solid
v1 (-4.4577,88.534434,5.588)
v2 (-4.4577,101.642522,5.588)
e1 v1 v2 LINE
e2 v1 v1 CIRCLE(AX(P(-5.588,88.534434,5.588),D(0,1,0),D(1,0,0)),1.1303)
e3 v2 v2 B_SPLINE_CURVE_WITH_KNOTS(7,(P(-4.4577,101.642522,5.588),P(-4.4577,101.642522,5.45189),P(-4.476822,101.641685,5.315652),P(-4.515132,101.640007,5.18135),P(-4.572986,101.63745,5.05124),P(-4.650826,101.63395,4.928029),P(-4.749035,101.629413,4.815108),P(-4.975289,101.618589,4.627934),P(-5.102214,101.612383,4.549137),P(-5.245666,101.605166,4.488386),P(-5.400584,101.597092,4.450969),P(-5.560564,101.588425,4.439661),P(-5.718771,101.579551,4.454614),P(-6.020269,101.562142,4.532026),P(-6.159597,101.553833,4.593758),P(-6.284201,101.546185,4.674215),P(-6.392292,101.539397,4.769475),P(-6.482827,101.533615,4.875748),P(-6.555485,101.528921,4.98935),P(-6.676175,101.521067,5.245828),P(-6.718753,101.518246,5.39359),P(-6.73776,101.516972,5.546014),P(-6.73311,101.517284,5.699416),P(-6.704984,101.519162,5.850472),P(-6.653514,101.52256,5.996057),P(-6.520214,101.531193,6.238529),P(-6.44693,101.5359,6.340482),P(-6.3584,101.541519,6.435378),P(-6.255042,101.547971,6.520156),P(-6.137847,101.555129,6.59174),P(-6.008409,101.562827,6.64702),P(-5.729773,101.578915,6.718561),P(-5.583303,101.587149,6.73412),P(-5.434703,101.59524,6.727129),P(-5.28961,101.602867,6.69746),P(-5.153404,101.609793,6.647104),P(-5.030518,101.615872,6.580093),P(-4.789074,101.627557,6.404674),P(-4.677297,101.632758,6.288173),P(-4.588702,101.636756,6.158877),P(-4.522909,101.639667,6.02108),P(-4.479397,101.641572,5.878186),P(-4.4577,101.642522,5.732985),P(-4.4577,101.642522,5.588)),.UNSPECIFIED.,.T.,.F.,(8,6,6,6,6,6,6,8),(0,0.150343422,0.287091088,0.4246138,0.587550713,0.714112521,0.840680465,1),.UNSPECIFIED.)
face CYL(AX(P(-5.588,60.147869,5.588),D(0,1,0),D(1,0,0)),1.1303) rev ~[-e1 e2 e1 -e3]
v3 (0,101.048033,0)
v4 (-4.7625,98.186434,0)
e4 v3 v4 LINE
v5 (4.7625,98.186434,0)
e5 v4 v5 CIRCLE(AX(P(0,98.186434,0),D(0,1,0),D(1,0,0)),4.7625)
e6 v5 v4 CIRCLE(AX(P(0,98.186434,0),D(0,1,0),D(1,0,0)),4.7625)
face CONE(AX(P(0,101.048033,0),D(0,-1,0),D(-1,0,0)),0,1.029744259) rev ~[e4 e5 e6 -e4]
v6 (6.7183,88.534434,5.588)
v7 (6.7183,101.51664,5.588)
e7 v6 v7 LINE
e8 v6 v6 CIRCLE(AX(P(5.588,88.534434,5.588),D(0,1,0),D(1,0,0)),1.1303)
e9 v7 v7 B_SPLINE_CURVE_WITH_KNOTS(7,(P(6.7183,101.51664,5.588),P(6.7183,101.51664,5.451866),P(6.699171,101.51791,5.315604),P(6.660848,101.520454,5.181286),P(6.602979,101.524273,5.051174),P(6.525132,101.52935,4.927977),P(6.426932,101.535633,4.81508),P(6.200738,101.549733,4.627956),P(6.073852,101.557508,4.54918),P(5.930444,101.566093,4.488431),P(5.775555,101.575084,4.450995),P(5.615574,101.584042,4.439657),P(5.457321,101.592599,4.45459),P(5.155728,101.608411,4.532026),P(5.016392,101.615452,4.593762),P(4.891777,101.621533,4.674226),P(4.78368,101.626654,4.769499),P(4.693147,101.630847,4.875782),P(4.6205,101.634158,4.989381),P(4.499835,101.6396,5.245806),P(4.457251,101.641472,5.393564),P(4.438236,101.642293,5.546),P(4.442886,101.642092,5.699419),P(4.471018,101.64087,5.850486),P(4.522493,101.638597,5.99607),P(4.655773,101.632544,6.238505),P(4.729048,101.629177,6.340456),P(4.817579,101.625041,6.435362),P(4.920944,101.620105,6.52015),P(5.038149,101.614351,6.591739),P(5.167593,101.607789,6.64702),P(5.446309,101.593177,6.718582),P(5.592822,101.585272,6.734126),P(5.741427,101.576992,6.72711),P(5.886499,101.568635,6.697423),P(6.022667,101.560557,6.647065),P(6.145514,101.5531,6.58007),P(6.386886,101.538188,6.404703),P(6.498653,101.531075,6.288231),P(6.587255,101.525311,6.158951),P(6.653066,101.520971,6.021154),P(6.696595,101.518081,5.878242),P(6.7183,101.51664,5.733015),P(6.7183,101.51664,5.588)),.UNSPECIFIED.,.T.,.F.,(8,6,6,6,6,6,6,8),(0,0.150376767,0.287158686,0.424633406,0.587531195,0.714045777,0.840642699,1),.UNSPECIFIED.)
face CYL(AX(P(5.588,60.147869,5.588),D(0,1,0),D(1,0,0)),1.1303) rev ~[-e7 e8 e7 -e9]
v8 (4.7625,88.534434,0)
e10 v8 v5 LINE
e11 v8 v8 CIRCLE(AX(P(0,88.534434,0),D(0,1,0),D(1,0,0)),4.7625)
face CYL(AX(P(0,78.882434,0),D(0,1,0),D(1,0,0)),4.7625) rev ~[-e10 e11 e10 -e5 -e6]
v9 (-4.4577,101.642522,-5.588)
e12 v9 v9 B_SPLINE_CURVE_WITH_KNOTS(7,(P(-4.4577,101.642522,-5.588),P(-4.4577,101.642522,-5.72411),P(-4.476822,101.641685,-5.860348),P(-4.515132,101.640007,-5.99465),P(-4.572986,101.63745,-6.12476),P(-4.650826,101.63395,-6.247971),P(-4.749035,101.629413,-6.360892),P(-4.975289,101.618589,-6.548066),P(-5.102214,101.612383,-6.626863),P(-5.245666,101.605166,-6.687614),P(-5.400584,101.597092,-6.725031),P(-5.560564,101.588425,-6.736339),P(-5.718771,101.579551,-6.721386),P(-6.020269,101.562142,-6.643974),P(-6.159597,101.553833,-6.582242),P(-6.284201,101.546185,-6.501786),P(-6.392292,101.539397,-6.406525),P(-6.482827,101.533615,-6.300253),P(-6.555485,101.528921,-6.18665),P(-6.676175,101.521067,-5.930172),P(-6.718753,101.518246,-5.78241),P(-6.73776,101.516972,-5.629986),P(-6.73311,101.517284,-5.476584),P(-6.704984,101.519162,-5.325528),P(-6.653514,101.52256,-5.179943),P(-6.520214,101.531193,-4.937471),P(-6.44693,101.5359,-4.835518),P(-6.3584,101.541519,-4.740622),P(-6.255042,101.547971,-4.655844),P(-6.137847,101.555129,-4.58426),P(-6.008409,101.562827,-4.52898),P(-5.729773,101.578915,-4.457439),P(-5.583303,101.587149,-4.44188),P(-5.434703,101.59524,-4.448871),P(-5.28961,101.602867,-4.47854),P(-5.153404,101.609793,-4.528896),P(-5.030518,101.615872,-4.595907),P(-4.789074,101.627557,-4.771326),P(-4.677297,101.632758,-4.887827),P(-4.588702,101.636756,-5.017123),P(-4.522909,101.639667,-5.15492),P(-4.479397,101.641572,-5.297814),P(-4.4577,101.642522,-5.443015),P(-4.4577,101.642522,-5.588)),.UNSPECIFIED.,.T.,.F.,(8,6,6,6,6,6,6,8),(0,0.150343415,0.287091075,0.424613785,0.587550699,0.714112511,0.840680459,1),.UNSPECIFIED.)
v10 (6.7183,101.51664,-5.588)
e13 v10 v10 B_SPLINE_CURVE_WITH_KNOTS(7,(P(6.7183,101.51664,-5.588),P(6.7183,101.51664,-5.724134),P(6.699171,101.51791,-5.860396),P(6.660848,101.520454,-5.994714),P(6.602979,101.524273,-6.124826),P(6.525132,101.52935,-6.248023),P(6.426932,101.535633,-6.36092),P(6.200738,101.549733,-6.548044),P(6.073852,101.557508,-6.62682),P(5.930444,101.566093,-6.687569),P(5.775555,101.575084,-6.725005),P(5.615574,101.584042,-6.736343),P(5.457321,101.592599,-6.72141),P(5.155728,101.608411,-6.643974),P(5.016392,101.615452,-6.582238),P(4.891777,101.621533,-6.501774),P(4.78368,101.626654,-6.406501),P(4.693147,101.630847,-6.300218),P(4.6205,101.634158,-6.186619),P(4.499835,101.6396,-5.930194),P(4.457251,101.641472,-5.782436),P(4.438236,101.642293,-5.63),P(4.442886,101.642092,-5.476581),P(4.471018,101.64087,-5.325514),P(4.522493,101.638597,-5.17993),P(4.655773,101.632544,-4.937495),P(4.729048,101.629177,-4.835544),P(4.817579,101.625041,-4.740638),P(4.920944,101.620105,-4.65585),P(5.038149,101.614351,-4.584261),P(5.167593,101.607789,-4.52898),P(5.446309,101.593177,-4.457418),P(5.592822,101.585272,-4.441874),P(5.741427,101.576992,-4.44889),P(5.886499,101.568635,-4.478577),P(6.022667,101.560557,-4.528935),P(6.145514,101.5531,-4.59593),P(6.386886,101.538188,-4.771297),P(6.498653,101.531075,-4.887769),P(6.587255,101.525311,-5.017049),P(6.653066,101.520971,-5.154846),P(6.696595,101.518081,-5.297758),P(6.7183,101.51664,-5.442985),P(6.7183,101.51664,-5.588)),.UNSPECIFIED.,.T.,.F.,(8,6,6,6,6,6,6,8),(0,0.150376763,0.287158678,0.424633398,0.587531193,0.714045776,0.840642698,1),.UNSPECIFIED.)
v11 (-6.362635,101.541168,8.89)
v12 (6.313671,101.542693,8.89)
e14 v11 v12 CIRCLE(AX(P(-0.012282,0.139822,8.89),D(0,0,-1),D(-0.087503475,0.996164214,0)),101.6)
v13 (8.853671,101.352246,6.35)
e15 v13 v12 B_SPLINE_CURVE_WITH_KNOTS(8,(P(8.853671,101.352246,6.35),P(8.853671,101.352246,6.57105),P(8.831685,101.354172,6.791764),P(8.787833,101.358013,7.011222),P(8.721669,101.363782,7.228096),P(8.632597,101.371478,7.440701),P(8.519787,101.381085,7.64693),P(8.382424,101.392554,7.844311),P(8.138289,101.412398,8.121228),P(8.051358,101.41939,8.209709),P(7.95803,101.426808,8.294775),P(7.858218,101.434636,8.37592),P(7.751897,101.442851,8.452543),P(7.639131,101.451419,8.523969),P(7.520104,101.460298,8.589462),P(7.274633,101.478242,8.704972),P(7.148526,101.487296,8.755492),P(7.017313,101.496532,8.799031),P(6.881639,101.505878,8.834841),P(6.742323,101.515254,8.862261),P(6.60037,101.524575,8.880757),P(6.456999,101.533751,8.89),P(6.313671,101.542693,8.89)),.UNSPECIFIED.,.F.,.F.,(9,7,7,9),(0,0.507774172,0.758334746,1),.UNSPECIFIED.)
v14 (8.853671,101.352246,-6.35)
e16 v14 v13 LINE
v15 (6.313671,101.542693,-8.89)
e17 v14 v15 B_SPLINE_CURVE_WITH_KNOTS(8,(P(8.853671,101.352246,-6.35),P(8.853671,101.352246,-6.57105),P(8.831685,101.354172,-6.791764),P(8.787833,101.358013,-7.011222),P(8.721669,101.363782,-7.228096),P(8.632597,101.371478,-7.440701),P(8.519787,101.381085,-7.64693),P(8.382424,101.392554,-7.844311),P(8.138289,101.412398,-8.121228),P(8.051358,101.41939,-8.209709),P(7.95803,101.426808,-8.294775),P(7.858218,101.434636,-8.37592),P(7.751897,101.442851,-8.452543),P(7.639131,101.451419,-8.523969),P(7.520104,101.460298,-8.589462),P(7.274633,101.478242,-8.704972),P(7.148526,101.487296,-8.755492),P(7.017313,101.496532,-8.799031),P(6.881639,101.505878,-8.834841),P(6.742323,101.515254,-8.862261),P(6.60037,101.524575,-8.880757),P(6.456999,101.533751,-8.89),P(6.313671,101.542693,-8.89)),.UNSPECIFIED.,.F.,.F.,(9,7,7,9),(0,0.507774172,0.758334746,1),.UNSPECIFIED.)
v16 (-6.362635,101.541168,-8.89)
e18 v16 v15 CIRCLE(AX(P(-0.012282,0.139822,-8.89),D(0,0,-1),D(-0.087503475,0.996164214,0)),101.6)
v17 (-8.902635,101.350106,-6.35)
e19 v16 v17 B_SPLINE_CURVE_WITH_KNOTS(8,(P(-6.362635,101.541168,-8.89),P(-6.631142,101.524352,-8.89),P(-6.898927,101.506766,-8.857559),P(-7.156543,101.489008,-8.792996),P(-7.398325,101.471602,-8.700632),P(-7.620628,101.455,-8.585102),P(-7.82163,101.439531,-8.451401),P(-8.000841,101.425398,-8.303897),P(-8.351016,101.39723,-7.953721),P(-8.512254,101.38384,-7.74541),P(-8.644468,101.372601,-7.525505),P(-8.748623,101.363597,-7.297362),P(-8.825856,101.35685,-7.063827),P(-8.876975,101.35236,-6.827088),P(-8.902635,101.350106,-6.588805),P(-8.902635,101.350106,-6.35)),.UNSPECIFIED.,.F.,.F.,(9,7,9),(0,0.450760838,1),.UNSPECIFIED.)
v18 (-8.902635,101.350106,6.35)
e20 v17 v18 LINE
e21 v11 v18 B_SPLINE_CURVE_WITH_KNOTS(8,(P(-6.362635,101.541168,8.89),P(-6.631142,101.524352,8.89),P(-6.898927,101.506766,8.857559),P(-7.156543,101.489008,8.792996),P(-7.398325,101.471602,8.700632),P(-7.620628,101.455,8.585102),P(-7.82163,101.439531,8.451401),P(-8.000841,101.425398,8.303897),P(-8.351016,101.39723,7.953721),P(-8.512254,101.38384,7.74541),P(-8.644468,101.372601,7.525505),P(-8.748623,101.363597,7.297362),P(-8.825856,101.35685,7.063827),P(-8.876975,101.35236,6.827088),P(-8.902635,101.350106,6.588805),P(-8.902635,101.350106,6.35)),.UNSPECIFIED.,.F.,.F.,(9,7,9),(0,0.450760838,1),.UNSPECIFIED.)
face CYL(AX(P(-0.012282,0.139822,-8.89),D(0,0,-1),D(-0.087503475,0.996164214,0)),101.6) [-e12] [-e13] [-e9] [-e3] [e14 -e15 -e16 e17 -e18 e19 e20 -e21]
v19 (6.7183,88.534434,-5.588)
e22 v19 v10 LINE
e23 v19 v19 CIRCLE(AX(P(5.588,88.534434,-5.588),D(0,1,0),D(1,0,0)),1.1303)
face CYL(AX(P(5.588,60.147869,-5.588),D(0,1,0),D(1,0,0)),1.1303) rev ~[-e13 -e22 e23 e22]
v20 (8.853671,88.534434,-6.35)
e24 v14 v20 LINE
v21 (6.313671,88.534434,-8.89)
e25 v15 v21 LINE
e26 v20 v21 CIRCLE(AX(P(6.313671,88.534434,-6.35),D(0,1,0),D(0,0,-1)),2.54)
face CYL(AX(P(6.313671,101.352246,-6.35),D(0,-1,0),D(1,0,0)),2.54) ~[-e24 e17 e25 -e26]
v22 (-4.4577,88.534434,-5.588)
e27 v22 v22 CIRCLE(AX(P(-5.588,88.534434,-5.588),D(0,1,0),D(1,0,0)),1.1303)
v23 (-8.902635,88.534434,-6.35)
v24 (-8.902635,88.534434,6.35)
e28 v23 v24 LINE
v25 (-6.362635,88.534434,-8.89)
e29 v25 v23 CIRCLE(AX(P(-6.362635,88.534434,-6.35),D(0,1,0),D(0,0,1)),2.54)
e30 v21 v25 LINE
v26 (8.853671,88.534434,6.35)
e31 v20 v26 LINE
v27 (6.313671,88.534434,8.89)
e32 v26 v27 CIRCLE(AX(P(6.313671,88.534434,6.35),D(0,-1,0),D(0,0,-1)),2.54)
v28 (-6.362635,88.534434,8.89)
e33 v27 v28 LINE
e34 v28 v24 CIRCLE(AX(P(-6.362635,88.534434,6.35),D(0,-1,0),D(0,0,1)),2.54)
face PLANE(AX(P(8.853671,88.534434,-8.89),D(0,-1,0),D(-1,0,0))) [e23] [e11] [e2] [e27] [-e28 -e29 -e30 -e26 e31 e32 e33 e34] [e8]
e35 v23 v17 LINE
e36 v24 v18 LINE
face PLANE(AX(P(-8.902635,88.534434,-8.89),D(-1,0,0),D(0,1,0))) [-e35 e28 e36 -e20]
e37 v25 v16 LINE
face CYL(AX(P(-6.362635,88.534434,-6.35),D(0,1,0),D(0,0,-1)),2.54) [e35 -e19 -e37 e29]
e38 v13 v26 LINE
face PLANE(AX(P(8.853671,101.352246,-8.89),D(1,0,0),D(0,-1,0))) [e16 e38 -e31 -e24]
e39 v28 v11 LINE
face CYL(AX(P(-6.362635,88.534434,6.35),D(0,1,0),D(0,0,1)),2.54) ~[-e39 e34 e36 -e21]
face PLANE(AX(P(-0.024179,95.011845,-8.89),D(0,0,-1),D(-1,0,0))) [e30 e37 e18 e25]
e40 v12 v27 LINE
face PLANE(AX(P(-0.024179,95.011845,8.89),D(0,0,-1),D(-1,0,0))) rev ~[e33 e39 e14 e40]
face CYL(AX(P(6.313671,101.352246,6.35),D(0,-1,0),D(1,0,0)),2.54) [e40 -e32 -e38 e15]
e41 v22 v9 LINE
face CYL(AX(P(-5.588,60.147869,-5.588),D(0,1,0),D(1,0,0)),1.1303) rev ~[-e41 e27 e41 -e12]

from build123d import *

# Parameters (mm, degrees)
BOSS_EXTRUDE1_DEPTH              = 8.89
BOSS_EXTRUDE1_DEPTH_BACK         = 8.89
F_3_8_0_375_DIAMETER_SLOT1_D     = 9.525
F_3_8_0_375_DIAMETER_SLOT1_DEPTH = 9.652
F_3_8_0_375_DIAMETER_SLOT1_TIP   = 2.861598698
TAP_DRILL_FOR_4_40_TAP1_D        = 2.2606
FILLET1_R                        = 2.54


with BuildPart() as part:
    # Sketch1 → Boss-Extrude1 (new, two sides: drawn at the far end of the back side and taken through both)
    with BuildSketch(Plane.XY.offset(-BOSS_EXTRUDE1_DEPTH_BACK)):
        with BuildLine():
            Line((8.853671113, 101.352246104), (8.853671113, 88.534433979))
            Line((8.853671113, 88.534433979), (-8.902635044, 88.534433979))
            Line((-8.902635044, 88.534433979), (-8.902635044, 101.350105765))
            ThreePointArc((-8.902635044, 101.350105765), (-0.024528813, 101.739820854), (8.853671113, 101.352246104))
        make_face()
    extrude(amount=BOSS_EXTRUDE1_DEPTH + BOSS_EXTRUDE1_DEPTH_BACK)

    # 3/8 (0.375) Diameter Slot1
    with Locations(Plane(origin=(0, 88.534433979, 0), x_dir=(-1, 0, 0), z_dir=(0, -1, 0))):
        with Locations((0, 0)):
            Hole(F_3_8_0_375_DIAMETER_SLOT1_D / 2, depth=F_3_8_0_375_DIAMETER_SLOT1_DEPTH)
            with Locations((0, 0, -(F_3_8_0_375_DIAMETER_SLOT1_DEPTH + F_3_8_0_375_DIAMETER_SLOT1_TIP / 2))):  # 118° drill point
                Cone(0, F_3_8_0_375_DIAMETER_SLOT1_D / 2, F_3_8_0_375_DIAMETER_SLOT1_TIP, mode=Mode.SUBTRACT)

    # Tap Drill for #4-40 Tap1 (through all)
    with Locations(Plane(origin=(0, 88.534433979, 0), x_dir=(-1, 0, 0), z_dir=(0, -1, 0))):
        with Locations((-5.588, 5.588), (5.588, 5.588), (5.588, -5.588), (-5.588, -5.588)):
            Hole(TAP_DRILL_FOR_4_40_TAP1_D / 2)

    # Fillet1
    fillet1_edges = [part.edges().sort_by_distance(p)[0] for p in [
        (-8.902635044, 94.942269872, 8.89),
        (8.853671113, 94.943340042, -8.89),
        (8.853671113, 94.943340042, 8.89),
        (-8.902635044, 94.942269872, -8.89),
    ]]
    fillet(fillet1_edges, radius=FILLET1_R)


solid = part.part
